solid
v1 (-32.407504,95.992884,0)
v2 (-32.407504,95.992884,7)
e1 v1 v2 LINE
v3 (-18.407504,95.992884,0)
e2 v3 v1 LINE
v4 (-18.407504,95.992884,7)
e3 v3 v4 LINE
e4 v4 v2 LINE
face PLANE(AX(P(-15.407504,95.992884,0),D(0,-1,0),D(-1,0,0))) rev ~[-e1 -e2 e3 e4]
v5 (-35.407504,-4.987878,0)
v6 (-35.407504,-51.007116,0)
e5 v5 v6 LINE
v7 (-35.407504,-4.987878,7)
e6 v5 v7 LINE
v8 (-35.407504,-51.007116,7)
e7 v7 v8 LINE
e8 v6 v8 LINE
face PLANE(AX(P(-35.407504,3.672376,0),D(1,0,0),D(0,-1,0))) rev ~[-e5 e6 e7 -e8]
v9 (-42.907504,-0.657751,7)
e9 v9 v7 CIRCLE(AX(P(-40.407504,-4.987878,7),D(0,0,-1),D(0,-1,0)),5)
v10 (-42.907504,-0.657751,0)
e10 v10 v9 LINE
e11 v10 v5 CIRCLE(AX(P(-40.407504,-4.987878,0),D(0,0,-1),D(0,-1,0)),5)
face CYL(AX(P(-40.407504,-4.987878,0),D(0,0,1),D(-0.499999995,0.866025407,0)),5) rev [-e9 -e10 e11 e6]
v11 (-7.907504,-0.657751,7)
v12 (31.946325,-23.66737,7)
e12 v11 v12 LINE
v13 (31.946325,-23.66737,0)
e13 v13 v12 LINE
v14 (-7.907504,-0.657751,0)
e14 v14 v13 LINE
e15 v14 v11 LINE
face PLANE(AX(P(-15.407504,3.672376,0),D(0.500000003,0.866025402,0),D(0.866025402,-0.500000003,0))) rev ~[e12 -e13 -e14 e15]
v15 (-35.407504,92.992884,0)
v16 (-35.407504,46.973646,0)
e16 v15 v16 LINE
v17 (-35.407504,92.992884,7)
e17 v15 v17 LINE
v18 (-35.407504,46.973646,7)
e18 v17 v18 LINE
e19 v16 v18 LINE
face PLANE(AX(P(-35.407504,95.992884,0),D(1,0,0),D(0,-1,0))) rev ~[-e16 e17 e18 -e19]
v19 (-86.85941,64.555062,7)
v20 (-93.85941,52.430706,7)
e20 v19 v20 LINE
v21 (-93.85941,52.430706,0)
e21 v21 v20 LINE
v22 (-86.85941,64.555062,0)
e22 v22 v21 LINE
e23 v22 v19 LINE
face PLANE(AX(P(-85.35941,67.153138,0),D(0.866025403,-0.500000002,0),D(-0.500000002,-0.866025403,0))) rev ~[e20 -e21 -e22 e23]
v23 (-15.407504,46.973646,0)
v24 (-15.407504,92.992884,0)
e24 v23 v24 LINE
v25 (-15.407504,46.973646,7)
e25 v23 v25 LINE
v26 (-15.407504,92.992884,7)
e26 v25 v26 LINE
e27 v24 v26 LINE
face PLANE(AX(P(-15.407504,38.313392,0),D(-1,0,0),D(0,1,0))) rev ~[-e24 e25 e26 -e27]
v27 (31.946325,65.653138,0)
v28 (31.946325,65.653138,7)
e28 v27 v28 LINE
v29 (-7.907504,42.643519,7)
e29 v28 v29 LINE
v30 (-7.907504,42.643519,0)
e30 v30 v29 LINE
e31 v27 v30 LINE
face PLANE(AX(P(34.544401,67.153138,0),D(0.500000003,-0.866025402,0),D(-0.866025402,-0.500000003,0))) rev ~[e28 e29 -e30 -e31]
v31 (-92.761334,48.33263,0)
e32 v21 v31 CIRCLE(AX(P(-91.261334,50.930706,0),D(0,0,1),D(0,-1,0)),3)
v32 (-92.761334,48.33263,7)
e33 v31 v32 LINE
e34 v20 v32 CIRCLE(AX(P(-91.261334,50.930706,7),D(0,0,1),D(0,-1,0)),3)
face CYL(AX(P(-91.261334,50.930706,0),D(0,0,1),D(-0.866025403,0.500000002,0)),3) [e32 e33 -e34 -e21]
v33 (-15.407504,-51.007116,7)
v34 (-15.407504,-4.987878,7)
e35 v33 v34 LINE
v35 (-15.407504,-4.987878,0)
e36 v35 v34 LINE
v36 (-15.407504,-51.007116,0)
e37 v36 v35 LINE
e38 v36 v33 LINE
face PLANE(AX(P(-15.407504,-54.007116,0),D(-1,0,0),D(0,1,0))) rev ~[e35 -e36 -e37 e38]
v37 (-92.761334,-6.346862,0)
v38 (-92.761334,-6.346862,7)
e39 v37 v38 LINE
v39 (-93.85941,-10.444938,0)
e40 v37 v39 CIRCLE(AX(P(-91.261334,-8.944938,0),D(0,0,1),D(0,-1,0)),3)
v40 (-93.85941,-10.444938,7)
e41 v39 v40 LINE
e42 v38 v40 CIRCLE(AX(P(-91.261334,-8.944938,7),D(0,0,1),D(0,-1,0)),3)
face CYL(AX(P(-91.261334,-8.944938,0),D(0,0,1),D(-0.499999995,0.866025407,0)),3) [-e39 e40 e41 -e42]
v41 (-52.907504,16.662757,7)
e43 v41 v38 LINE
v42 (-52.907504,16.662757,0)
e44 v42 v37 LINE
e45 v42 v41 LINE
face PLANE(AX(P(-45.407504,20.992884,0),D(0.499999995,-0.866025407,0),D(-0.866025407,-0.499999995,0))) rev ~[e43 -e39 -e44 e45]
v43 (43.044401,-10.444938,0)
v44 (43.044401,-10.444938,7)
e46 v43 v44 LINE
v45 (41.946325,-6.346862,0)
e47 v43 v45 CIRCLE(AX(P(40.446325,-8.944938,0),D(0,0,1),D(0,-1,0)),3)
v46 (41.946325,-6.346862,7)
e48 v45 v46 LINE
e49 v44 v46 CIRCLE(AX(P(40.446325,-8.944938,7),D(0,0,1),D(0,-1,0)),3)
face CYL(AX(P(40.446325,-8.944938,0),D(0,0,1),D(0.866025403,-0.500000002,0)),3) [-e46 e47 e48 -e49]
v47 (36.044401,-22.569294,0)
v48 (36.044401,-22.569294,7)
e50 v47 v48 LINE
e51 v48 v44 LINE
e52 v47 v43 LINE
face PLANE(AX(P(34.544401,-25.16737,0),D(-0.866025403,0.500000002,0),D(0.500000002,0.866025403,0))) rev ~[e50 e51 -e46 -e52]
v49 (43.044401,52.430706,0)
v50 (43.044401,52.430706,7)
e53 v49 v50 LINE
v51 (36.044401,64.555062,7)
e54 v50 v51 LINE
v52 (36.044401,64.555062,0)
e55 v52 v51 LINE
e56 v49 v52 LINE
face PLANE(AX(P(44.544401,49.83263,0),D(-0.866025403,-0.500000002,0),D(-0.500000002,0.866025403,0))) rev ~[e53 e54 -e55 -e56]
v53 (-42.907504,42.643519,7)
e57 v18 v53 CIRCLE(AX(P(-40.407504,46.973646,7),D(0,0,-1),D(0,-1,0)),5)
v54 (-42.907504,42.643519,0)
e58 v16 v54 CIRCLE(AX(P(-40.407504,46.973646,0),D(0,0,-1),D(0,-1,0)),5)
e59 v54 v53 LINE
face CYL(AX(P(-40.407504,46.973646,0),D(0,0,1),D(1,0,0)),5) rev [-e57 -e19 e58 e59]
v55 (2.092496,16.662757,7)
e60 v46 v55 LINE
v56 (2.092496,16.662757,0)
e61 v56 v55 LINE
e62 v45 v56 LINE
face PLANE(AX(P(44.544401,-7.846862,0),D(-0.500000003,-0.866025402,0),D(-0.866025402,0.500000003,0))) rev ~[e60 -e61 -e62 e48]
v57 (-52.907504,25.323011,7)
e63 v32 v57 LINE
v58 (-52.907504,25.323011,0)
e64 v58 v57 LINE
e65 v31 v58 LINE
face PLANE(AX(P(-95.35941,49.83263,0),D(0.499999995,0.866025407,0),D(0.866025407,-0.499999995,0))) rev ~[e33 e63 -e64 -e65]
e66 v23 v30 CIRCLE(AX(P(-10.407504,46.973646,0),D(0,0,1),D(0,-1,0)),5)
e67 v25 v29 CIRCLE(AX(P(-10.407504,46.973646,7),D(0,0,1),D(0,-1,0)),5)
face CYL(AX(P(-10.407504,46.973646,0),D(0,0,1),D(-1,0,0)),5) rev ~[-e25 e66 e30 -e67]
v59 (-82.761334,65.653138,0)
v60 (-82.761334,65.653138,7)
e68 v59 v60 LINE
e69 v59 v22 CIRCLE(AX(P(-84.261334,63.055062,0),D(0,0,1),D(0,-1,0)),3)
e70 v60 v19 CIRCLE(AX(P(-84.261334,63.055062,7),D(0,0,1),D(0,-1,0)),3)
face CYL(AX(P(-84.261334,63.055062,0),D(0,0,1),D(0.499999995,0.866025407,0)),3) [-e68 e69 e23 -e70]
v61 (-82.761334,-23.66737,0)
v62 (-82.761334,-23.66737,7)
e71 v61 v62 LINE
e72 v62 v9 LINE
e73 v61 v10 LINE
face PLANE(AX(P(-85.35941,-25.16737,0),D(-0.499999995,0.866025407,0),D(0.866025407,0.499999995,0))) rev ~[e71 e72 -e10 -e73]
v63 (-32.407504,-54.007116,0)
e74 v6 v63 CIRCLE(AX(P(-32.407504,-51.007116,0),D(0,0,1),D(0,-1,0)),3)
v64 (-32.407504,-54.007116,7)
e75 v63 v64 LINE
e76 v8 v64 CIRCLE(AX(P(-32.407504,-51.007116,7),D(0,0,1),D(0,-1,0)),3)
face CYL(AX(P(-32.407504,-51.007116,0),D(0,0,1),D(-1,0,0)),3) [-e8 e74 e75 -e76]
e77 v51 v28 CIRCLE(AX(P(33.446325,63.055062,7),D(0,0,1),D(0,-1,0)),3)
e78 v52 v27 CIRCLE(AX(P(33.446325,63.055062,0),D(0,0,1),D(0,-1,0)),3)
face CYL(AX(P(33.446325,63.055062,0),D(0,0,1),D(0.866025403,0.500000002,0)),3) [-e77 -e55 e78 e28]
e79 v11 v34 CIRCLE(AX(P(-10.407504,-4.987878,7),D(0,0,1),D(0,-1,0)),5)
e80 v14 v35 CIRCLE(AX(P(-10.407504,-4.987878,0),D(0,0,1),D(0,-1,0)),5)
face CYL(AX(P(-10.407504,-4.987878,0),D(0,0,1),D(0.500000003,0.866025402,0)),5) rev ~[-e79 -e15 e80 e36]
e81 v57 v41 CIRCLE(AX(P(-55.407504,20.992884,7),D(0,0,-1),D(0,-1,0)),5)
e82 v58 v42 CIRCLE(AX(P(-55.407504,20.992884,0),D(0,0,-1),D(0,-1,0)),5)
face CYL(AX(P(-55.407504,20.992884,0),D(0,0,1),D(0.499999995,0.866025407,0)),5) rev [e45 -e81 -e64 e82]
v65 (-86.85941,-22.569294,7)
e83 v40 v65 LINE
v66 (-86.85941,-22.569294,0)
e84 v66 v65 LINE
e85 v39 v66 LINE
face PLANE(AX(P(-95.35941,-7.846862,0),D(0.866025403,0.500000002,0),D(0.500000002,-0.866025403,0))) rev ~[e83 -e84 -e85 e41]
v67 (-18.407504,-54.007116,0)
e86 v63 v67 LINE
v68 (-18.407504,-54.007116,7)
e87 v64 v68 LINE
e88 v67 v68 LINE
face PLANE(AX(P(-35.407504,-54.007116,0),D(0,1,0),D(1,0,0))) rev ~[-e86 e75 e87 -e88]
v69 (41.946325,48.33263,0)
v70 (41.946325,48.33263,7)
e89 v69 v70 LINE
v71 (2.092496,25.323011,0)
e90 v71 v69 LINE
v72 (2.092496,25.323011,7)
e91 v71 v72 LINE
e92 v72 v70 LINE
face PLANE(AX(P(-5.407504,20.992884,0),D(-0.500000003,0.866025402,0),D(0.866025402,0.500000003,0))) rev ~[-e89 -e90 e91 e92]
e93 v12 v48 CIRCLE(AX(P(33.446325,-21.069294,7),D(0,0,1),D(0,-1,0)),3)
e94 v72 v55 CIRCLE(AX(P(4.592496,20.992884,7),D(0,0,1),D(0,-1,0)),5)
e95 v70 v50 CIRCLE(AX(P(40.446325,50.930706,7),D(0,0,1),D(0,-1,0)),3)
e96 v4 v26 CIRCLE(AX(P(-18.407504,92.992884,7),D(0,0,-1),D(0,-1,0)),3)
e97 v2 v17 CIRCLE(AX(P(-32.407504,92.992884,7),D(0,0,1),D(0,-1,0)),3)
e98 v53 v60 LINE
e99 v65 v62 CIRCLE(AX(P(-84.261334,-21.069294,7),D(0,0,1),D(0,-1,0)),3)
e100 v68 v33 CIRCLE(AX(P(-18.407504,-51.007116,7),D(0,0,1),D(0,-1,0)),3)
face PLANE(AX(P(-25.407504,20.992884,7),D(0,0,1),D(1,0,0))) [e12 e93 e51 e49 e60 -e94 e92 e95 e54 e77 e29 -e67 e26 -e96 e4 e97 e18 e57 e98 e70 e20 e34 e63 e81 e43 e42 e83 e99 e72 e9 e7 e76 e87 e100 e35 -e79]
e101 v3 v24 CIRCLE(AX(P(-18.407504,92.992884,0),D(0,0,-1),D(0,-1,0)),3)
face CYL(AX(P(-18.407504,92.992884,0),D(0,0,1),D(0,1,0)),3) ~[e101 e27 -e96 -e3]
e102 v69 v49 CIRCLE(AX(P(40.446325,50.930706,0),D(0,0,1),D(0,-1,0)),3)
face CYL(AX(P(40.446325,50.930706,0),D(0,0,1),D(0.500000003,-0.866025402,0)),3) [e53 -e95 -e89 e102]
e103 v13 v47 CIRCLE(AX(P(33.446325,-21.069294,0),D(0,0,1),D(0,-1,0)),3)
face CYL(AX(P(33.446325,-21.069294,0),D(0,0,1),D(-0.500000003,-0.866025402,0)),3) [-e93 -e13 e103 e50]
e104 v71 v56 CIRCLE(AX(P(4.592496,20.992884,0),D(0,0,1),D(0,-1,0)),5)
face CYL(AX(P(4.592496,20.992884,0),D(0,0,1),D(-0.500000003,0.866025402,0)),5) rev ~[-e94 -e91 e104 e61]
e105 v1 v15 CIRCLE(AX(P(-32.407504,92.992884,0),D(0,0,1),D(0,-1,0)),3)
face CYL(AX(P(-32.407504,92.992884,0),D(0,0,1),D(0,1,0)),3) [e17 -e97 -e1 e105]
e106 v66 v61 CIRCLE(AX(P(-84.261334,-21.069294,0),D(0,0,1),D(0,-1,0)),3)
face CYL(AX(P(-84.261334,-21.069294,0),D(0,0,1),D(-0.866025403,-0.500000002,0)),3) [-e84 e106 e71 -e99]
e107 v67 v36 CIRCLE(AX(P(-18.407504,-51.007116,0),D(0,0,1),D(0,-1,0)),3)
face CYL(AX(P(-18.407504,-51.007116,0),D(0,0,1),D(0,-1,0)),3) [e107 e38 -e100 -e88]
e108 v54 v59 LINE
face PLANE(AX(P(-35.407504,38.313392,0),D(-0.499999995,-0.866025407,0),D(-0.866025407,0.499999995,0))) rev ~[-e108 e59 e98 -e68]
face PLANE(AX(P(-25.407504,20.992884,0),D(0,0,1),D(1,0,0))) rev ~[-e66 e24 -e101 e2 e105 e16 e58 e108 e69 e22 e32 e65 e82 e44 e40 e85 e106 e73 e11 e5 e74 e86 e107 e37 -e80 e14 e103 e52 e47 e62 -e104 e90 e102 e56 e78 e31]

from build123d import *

# Parameters (mm, degrees)
F1_DEPTH = 7
F2_R     = 3
F3_R     = 3
F4_R     = 5


with BuildPart() as f1:
    # F0 (on Top) → F1 (new body)
    with BuildSketch(Plane.XY):
        Polygon((-15.407504, 95.992884), (-35.407504, 95.992884), (-35.407504, 38.313392), (-85.35941, 67.153138), (-95.35941, 49.83263), (-45.407504, 20.992884), (-95.35941, -7.846862), (-85.35941, -25.16737), (-35.407504, 3.672376), (-35.407504, -54.007116), (-15.407504, -54.007116), (-15.407504, 3.672376), (34.544401, -25.16737), (44.544401, -7.846862), (-5.407504, 20.992884), (44.544401, 49.83263), (34.544401, 67.153138), (-15.407504, 38.313392), align=None)
    extrude(amount=F1_DEPTH)

    # F2
    f2_edges = [f1.edges().sort_by_distance(p)[0] for p in [
        (-35.407504, -54.007116, 3.5),
        (-15.407504, -54.007116, 3.5),
        (34.544401, -25.16737, 3.5),
        (44.544401, -7.846862, 3.5),
        (44.544401, 49.83263, 3.5),
        (34.544401, 67.153138, 3.5),
        (-85.35941, -25.16737, 3.5),
        (-95.35941, -7.846862, 3.5),
        (-85.35941, 67.153138, 3.5),
        (-95.35941, 49.83263, 3.5),
        (-35.407504, 95.992884, 3.5),
    ]]
    fillet(f2_edges, radius=F2_R)

    # F3
    f3_edges = [f1.edges().sort_by_distance(p)[0] for p in [
        (-15.407504, 95.992884, 3.5),
    ]]
    fillet(f3_edges, radius=F3_R)

    # F4
    f4_edges = [f1.edges().sort_by_distance(p)[0] for p in [
        (-35.407504, 38.313392, 3.5),
        (-15.407504, 38.313392, 3.5),
        (-5.407504, 20.992884, 3.5),
        (-45.407504, 20.992884, 3.5),
        (-35.407504, 3.672376, 3.5),
        (-15.407504, 3.672376, 3.5),
    ]]
    fillet(f4_edges, radius=F4_R)


solid = f1.part
